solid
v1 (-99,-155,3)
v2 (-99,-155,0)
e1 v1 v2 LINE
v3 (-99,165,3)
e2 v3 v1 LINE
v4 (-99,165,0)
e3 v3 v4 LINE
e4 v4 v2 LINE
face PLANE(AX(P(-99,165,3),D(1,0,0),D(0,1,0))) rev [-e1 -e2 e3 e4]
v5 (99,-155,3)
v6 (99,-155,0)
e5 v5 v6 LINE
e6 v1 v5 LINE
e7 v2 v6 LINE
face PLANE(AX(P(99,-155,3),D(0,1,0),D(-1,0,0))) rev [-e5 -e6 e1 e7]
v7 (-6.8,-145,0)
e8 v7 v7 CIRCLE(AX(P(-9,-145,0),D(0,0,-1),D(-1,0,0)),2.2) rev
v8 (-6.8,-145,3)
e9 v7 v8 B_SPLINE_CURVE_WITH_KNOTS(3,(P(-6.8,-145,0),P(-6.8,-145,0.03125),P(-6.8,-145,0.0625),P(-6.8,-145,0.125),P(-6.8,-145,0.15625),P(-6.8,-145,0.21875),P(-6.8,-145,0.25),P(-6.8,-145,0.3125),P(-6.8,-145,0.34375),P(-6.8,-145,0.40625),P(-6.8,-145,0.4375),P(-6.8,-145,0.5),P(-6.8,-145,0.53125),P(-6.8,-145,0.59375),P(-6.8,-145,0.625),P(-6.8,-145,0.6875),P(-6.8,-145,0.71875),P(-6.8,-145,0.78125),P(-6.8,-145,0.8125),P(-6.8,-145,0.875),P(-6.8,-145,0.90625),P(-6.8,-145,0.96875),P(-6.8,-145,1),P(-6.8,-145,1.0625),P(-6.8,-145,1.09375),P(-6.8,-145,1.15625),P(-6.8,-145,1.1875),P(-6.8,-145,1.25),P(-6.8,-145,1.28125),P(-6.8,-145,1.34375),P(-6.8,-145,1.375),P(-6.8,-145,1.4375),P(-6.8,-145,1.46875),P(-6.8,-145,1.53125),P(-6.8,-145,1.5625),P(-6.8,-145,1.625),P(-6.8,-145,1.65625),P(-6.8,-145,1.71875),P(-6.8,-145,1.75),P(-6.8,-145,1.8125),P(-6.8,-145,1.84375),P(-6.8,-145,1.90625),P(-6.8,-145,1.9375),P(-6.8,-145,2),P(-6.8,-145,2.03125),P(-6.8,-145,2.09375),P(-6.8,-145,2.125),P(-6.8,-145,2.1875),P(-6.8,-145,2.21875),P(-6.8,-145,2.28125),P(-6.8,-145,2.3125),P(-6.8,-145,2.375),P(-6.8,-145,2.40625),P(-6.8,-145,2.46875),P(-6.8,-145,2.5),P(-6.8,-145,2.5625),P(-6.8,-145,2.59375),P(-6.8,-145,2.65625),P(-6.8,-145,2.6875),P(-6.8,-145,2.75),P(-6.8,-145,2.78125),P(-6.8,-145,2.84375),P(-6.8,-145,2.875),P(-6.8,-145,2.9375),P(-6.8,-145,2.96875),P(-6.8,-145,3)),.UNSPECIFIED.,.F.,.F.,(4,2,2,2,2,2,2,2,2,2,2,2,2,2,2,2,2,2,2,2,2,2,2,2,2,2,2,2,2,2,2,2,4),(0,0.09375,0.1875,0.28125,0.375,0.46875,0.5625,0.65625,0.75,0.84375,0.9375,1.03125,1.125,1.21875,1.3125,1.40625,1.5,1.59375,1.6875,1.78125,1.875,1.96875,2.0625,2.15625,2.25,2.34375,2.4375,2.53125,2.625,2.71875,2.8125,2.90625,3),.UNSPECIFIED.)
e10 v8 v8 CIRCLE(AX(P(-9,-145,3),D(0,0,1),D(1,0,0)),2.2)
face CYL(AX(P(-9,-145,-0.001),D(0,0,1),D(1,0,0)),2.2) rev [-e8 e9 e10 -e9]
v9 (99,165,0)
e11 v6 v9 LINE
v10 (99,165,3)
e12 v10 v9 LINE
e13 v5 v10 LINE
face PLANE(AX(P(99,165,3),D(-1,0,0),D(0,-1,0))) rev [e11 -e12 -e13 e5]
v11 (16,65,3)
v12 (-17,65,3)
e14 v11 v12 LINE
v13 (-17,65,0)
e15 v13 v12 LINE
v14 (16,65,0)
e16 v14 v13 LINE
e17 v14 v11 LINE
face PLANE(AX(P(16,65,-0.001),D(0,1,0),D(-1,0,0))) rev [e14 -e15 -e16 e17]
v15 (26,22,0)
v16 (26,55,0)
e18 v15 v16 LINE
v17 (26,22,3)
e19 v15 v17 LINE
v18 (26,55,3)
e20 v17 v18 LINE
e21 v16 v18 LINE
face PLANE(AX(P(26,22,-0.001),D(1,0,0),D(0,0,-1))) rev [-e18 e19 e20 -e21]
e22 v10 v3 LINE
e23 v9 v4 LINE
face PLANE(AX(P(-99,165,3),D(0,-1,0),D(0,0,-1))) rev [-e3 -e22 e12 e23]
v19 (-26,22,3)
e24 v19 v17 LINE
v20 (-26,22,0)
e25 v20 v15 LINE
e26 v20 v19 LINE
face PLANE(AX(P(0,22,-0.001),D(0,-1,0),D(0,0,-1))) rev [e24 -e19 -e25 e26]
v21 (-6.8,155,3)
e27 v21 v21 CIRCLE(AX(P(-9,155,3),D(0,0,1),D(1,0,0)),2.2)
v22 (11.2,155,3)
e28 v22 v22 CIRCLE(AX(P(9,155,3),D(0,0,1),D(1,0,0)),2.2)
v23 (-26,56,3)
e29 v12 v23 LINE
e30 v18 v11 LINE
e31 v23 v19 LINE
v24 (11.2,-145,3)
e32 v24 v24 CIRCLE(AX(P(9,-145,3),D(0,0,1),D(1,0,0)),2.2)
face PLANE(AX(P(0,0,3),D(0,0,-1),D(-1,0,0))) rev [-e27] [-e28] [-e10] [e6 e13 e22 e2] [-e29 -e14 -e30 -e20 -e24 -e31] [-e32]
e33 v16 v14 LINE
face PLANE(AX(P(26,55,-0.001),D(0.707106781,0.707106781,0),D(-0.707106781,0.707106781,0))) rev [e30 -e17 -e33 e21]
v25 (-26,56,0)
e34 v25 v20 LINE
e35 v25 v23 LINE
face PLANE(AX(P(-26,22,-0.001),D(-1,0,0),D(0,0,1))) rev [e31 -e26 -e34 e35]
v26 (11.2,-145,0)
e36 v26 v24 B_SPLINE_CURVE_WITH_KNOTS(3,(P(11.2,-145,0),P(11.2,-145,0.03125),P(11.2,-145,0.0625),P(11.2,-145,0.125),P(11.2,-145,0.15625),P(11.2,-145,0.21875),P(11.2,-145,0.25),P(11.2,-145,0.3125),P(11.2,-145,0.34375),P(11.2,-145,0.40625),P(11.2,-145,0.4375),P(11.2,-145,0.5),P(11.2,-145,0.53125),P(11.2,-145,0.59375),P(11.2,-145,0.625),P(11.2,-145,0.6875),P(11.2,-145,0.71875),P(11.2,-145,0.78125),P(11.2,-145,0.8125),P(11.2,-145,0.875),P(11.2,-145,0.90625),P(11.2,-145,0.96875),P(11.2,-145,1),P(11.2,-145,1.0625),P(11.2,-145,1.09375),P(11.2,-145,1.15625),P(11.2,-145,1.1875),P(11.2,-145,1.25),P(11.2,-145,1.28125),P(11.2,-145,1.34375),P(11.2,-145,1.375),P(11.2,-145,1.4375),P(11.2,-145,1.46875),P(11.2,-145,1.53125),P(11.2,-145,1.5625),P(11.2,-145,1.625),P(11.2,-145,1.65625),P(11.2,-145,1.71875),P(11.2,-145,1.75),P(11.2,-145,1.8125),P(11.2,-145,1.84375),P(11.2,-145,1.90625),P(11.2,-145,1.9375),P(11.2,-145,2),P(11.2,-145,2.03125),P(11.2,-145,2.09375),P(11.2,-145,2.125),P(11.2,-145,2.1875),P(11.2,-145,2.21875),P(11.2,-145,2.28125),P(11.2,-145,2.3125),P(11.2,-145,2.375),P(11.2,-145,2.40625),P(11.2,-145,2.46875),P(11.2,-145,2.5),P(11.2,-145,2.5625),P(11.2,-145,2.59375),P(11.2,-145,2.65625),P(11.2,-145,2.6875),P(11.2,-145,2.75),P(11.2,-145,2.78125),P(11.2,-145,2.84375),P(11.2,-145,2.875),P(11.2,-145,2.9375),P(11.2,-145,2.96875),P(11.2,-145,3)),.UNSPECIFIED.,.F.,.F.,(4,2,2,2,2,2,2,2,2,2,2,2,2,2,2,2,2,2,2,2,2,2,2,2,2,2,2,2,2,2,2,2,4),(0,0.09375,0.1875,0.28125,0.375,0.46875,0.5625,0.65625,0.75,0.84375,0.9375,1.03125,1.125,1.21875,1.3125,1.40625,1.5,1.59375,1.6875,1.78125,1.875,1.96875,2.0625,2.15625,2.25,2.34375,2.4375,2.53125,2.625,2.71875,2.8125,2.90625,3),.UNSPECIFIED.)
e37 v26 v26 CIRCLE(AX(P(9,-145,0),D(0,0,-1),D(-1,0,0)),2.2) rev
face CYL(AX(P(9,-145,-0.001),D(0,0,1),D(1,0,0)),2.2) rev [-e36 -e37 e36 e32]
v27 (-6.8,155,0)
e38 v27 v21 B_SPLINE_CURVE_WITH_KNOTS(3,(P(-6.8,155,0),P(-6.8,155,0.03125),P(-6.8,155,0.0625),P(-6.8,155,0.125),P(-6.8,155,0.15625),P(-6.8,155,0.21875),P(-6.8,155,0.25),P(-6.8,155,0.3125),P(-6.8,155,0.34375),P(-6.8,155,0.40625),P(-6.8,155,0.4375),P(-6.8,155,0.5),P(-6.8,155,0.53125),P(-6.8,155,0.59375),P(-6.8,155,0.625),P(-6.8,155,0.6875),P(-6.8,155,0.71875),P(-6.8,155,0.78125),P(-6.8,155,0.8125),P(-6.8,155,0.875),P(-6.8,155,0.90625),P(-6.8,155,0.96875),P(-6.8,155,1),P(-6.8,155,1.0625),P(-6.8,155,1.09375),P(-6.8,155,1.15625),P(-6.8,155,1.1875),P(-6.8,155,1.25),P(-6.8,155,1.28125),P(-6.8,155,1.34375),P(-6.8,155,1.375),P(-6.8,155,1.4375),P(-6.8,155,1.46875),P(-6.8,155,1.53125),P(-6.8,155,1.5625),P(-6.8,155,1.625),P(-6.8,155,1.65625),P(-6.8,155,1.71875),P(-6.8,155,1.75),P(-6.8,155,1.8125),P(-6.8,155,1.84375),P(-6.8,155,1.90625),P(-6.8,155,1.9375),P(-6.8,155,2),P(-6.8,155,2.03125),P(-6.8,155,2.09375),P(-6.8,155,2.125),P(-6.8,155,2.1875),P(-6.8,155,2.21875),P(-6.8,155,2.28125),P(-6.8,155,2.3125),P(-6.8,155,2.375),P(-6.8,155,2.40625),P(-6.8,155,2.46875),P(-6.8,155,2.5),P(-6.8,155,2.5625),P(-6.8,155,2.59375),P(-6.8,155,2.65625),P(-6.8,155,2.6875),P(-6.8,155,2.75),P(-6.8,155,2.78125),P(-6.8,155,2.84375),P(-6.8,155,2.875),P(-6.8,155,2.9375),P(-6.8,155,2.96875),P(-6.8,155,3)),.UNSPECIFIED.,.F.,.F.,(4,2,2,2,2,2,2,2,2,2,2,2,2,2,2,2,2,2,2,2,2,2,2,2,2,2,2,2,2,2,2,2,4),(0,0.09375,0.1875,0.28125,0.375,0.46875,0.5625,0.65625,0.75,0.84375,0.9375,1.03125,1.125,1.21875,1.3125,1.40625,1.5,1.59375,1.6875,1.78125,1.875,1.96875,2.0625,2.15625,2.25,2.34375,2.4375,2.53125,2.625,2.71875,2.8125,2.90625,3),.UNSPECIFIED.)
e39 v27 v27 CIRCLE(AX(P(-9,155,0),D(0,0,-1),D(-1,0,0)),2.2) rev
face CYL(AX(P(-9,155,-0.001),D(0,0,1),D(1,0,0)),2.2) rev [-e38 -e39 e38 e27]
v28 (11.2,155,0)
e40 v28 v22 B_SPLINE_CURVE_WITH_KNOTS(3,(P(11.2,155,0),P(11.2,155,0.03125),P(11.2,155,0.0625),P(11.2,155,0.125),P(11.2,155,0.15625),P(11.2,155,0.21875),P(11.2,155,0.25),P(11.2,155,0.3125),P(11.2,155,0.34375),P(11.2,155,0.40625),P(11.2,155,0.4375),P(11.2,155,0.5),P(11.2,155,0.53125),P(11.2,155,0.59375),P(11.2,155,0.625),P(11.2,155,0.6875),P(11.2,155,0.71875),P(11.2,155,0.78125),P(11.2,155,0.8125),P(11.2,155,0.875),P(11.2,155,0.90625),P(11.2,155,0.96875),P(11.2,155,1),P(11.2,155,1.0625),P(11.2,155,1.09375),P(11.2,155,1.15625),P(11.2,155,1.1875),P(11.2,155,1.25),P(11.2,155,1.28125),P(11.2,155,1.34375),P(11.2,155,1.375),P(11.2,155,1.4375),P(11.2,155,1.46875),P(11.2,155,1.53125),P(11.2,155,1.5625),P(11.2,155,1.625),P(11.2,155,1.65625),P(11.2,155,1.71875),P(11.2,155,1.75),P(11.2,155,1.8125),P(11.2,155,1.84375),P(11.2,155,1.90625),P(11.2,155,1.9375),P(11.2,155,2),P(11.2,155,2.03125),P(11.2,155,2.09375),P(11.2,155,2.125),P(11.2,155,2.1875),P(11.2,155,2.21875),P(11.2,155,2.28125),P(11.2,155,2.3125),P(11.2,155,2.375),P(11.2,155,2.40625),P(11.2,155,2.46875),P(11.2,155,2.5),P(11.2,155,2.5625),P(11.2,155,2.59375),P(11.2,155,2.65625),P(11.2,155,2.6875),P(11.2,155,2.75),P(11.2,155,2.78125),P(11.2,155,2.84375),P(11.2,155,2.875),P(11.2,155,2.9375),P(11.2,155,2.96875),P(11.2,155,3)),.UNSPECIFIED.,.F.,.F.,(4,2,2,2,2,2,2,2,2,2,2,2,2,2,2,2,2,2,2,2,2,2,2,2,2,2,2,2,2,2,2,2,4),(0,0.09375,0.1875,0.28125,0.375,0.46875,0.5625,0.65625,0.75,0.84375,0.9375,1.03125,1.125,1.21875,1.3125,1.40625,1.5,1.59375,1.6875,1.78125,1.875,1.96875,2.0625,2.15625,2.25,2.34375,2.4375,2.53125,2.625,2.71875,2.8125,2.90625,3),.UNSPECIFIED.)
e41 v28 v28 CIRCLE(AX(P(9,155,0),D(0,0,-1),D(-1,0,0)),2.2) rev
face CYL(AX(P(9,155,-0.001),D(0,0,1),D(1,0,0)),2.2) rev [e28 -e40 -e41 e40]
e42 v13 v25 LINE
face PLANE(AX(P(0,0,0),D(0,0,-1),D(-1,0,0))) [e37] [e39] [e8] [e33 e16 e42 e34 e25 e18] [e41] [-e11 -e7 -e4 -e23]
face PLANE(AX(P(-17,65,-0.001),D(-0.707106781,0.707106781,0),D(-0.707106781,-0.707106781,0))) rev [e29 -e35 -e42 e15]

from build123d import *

# Parameters (mm, degrees)
ESQUISSE1_W             = 198
ESQUISSE1_H             = 320
BOSS_EXTRU_1_DEPTH      = 3
ENL_V_MAT_EXTRU_1_REACH = 194.445
ESQUISSE2_R             = 2.2
ENL_V_MAT_EXTRU_3_REACH = 194.445


with BuildPart() as part:
    # Esquisse1 → Boss.-Extru.1 (new body)
    with BuildSketch(Plane.XY):
        with Locations((0, 5)):
            Rectangle(ESQUISSE1_W, ESQUISSE1_H)
    extrude(amount=BOSS_EXTRU_1_DEPTH)

    # Esquisse2 → Enlèv. mat.-Extru.1 (cut, up to next)
    with BuildSketch(Plane.XY.offset(3), mode=Mode.PRIVATE) as enl_v_mat_extru_1_sk1:
        with Locations((9, -145)):
            Circle(ESQUISSE2_R)
    enl_v_mat_extru_1_tool1 = extrude(enl_v_mat_extru_1_sk1.sketch, amount=-ENL_V_MAT_EXTRU_1_REACH, mode=Mode.PRIVATE) & part.part
    # Esquisse2 → Enlèv. mat.-Extru.1 (cut, up to next)
    with BuildSketch(Plane.XY.offset(3), mode=Mode.PRIVATE) as enl_v_mat_extru_1_sk2:
        with Locations((-9, -145)):
            Circle(ESQUISSE2_R)
    enl_v_mat_extru_1_tool2 = extrude(enl_v_mat_extru_1_sk2.sketch, amount=-ENL_V_MAT_EXTRU_1_REACH, mode=Mode.PRIVATE) & part.part
    # Esquisse2 → Enlèv. mat.-Extru.1 (cut, up to next)
    with BuildSketch(Plane.XY.offset(3), mode=Mode.PRIVATE) as enl_v_mat_extru_1_sk3:
        with Locations((-9, 155)):
            Circle(ESQUISSE2_R)
    enl_v_mat_extru_1_tool3 = extrude(enl_v_mat_extru_1_sk3.sketch, amount=-ENL_V_MAT_EXTRU_1_REACH, mode=Mode.PRIVATE) & part.part
    # Esquisse2 → Enlèv. mat.-Extru.1 (cut, up to next)
    with BuildSketch(Plane.XY.offset(3), mode=Mode.PRIVATE) as enl_v_mat_extru_1_sk4:
        with Locations((9, 155)):
            Circle(ESQUISSE2_R)
    enl_v_mat_extru_1_tool4 = extrude(enl_v_mat_extru_1_sk4.sketch, amount=-ENL_V_MAT_EXTRU_1_REACH, mode=Mode.PRIVATE) & part.part
    add(enl_v_mat_extru_1_tool1.solids().sort_by_distance((9, -145, 3))[0], mode=Mode.SUBTRACT)
    add(enl_v_mat_extru_1_tool2.solids().sort_by_distance((-9, -145, 3))[0], mode=Mode.SUBTRACT)
    add(enl_v_mat_extru_1_tool3.solids().sort_by_distance((-9, 155, 3))[0], mode=Mode.SUBTRACT)
    add(enl_v_mat_extru_1_tool4.solids().sort_by_distance((9, 155, 3))[0], mode=Mode.SUBTRACT)

    # Esquisse5 → Enlèv. mat.-Extru.3 (cut, up to next)
    with BuildSketch(Plane.XY.offset(3), mode=Mode.PRIVATE) as enl_v_mat_extru_3_sk1:
        Polygon((0, 22), (26, 22), (26, 55), (16, 65), (-17, 65), (-26, 56), (-26, 22), align=None)
    enl_v_mat_extru_3_tool1 = extrude(enl_v_mat_extru_3_sk1.sketch, amount=-ENL_V_MAT_EXTRU_3_REACH, mode=Mode.PRIVATE) & part.part
    add(enl_v_mat_extru_3_tool1.solids().sort_by_distance((-0.094073, 42.727414, 3))[0], mode=Mode.SUBTRACT)


solid = part.part
